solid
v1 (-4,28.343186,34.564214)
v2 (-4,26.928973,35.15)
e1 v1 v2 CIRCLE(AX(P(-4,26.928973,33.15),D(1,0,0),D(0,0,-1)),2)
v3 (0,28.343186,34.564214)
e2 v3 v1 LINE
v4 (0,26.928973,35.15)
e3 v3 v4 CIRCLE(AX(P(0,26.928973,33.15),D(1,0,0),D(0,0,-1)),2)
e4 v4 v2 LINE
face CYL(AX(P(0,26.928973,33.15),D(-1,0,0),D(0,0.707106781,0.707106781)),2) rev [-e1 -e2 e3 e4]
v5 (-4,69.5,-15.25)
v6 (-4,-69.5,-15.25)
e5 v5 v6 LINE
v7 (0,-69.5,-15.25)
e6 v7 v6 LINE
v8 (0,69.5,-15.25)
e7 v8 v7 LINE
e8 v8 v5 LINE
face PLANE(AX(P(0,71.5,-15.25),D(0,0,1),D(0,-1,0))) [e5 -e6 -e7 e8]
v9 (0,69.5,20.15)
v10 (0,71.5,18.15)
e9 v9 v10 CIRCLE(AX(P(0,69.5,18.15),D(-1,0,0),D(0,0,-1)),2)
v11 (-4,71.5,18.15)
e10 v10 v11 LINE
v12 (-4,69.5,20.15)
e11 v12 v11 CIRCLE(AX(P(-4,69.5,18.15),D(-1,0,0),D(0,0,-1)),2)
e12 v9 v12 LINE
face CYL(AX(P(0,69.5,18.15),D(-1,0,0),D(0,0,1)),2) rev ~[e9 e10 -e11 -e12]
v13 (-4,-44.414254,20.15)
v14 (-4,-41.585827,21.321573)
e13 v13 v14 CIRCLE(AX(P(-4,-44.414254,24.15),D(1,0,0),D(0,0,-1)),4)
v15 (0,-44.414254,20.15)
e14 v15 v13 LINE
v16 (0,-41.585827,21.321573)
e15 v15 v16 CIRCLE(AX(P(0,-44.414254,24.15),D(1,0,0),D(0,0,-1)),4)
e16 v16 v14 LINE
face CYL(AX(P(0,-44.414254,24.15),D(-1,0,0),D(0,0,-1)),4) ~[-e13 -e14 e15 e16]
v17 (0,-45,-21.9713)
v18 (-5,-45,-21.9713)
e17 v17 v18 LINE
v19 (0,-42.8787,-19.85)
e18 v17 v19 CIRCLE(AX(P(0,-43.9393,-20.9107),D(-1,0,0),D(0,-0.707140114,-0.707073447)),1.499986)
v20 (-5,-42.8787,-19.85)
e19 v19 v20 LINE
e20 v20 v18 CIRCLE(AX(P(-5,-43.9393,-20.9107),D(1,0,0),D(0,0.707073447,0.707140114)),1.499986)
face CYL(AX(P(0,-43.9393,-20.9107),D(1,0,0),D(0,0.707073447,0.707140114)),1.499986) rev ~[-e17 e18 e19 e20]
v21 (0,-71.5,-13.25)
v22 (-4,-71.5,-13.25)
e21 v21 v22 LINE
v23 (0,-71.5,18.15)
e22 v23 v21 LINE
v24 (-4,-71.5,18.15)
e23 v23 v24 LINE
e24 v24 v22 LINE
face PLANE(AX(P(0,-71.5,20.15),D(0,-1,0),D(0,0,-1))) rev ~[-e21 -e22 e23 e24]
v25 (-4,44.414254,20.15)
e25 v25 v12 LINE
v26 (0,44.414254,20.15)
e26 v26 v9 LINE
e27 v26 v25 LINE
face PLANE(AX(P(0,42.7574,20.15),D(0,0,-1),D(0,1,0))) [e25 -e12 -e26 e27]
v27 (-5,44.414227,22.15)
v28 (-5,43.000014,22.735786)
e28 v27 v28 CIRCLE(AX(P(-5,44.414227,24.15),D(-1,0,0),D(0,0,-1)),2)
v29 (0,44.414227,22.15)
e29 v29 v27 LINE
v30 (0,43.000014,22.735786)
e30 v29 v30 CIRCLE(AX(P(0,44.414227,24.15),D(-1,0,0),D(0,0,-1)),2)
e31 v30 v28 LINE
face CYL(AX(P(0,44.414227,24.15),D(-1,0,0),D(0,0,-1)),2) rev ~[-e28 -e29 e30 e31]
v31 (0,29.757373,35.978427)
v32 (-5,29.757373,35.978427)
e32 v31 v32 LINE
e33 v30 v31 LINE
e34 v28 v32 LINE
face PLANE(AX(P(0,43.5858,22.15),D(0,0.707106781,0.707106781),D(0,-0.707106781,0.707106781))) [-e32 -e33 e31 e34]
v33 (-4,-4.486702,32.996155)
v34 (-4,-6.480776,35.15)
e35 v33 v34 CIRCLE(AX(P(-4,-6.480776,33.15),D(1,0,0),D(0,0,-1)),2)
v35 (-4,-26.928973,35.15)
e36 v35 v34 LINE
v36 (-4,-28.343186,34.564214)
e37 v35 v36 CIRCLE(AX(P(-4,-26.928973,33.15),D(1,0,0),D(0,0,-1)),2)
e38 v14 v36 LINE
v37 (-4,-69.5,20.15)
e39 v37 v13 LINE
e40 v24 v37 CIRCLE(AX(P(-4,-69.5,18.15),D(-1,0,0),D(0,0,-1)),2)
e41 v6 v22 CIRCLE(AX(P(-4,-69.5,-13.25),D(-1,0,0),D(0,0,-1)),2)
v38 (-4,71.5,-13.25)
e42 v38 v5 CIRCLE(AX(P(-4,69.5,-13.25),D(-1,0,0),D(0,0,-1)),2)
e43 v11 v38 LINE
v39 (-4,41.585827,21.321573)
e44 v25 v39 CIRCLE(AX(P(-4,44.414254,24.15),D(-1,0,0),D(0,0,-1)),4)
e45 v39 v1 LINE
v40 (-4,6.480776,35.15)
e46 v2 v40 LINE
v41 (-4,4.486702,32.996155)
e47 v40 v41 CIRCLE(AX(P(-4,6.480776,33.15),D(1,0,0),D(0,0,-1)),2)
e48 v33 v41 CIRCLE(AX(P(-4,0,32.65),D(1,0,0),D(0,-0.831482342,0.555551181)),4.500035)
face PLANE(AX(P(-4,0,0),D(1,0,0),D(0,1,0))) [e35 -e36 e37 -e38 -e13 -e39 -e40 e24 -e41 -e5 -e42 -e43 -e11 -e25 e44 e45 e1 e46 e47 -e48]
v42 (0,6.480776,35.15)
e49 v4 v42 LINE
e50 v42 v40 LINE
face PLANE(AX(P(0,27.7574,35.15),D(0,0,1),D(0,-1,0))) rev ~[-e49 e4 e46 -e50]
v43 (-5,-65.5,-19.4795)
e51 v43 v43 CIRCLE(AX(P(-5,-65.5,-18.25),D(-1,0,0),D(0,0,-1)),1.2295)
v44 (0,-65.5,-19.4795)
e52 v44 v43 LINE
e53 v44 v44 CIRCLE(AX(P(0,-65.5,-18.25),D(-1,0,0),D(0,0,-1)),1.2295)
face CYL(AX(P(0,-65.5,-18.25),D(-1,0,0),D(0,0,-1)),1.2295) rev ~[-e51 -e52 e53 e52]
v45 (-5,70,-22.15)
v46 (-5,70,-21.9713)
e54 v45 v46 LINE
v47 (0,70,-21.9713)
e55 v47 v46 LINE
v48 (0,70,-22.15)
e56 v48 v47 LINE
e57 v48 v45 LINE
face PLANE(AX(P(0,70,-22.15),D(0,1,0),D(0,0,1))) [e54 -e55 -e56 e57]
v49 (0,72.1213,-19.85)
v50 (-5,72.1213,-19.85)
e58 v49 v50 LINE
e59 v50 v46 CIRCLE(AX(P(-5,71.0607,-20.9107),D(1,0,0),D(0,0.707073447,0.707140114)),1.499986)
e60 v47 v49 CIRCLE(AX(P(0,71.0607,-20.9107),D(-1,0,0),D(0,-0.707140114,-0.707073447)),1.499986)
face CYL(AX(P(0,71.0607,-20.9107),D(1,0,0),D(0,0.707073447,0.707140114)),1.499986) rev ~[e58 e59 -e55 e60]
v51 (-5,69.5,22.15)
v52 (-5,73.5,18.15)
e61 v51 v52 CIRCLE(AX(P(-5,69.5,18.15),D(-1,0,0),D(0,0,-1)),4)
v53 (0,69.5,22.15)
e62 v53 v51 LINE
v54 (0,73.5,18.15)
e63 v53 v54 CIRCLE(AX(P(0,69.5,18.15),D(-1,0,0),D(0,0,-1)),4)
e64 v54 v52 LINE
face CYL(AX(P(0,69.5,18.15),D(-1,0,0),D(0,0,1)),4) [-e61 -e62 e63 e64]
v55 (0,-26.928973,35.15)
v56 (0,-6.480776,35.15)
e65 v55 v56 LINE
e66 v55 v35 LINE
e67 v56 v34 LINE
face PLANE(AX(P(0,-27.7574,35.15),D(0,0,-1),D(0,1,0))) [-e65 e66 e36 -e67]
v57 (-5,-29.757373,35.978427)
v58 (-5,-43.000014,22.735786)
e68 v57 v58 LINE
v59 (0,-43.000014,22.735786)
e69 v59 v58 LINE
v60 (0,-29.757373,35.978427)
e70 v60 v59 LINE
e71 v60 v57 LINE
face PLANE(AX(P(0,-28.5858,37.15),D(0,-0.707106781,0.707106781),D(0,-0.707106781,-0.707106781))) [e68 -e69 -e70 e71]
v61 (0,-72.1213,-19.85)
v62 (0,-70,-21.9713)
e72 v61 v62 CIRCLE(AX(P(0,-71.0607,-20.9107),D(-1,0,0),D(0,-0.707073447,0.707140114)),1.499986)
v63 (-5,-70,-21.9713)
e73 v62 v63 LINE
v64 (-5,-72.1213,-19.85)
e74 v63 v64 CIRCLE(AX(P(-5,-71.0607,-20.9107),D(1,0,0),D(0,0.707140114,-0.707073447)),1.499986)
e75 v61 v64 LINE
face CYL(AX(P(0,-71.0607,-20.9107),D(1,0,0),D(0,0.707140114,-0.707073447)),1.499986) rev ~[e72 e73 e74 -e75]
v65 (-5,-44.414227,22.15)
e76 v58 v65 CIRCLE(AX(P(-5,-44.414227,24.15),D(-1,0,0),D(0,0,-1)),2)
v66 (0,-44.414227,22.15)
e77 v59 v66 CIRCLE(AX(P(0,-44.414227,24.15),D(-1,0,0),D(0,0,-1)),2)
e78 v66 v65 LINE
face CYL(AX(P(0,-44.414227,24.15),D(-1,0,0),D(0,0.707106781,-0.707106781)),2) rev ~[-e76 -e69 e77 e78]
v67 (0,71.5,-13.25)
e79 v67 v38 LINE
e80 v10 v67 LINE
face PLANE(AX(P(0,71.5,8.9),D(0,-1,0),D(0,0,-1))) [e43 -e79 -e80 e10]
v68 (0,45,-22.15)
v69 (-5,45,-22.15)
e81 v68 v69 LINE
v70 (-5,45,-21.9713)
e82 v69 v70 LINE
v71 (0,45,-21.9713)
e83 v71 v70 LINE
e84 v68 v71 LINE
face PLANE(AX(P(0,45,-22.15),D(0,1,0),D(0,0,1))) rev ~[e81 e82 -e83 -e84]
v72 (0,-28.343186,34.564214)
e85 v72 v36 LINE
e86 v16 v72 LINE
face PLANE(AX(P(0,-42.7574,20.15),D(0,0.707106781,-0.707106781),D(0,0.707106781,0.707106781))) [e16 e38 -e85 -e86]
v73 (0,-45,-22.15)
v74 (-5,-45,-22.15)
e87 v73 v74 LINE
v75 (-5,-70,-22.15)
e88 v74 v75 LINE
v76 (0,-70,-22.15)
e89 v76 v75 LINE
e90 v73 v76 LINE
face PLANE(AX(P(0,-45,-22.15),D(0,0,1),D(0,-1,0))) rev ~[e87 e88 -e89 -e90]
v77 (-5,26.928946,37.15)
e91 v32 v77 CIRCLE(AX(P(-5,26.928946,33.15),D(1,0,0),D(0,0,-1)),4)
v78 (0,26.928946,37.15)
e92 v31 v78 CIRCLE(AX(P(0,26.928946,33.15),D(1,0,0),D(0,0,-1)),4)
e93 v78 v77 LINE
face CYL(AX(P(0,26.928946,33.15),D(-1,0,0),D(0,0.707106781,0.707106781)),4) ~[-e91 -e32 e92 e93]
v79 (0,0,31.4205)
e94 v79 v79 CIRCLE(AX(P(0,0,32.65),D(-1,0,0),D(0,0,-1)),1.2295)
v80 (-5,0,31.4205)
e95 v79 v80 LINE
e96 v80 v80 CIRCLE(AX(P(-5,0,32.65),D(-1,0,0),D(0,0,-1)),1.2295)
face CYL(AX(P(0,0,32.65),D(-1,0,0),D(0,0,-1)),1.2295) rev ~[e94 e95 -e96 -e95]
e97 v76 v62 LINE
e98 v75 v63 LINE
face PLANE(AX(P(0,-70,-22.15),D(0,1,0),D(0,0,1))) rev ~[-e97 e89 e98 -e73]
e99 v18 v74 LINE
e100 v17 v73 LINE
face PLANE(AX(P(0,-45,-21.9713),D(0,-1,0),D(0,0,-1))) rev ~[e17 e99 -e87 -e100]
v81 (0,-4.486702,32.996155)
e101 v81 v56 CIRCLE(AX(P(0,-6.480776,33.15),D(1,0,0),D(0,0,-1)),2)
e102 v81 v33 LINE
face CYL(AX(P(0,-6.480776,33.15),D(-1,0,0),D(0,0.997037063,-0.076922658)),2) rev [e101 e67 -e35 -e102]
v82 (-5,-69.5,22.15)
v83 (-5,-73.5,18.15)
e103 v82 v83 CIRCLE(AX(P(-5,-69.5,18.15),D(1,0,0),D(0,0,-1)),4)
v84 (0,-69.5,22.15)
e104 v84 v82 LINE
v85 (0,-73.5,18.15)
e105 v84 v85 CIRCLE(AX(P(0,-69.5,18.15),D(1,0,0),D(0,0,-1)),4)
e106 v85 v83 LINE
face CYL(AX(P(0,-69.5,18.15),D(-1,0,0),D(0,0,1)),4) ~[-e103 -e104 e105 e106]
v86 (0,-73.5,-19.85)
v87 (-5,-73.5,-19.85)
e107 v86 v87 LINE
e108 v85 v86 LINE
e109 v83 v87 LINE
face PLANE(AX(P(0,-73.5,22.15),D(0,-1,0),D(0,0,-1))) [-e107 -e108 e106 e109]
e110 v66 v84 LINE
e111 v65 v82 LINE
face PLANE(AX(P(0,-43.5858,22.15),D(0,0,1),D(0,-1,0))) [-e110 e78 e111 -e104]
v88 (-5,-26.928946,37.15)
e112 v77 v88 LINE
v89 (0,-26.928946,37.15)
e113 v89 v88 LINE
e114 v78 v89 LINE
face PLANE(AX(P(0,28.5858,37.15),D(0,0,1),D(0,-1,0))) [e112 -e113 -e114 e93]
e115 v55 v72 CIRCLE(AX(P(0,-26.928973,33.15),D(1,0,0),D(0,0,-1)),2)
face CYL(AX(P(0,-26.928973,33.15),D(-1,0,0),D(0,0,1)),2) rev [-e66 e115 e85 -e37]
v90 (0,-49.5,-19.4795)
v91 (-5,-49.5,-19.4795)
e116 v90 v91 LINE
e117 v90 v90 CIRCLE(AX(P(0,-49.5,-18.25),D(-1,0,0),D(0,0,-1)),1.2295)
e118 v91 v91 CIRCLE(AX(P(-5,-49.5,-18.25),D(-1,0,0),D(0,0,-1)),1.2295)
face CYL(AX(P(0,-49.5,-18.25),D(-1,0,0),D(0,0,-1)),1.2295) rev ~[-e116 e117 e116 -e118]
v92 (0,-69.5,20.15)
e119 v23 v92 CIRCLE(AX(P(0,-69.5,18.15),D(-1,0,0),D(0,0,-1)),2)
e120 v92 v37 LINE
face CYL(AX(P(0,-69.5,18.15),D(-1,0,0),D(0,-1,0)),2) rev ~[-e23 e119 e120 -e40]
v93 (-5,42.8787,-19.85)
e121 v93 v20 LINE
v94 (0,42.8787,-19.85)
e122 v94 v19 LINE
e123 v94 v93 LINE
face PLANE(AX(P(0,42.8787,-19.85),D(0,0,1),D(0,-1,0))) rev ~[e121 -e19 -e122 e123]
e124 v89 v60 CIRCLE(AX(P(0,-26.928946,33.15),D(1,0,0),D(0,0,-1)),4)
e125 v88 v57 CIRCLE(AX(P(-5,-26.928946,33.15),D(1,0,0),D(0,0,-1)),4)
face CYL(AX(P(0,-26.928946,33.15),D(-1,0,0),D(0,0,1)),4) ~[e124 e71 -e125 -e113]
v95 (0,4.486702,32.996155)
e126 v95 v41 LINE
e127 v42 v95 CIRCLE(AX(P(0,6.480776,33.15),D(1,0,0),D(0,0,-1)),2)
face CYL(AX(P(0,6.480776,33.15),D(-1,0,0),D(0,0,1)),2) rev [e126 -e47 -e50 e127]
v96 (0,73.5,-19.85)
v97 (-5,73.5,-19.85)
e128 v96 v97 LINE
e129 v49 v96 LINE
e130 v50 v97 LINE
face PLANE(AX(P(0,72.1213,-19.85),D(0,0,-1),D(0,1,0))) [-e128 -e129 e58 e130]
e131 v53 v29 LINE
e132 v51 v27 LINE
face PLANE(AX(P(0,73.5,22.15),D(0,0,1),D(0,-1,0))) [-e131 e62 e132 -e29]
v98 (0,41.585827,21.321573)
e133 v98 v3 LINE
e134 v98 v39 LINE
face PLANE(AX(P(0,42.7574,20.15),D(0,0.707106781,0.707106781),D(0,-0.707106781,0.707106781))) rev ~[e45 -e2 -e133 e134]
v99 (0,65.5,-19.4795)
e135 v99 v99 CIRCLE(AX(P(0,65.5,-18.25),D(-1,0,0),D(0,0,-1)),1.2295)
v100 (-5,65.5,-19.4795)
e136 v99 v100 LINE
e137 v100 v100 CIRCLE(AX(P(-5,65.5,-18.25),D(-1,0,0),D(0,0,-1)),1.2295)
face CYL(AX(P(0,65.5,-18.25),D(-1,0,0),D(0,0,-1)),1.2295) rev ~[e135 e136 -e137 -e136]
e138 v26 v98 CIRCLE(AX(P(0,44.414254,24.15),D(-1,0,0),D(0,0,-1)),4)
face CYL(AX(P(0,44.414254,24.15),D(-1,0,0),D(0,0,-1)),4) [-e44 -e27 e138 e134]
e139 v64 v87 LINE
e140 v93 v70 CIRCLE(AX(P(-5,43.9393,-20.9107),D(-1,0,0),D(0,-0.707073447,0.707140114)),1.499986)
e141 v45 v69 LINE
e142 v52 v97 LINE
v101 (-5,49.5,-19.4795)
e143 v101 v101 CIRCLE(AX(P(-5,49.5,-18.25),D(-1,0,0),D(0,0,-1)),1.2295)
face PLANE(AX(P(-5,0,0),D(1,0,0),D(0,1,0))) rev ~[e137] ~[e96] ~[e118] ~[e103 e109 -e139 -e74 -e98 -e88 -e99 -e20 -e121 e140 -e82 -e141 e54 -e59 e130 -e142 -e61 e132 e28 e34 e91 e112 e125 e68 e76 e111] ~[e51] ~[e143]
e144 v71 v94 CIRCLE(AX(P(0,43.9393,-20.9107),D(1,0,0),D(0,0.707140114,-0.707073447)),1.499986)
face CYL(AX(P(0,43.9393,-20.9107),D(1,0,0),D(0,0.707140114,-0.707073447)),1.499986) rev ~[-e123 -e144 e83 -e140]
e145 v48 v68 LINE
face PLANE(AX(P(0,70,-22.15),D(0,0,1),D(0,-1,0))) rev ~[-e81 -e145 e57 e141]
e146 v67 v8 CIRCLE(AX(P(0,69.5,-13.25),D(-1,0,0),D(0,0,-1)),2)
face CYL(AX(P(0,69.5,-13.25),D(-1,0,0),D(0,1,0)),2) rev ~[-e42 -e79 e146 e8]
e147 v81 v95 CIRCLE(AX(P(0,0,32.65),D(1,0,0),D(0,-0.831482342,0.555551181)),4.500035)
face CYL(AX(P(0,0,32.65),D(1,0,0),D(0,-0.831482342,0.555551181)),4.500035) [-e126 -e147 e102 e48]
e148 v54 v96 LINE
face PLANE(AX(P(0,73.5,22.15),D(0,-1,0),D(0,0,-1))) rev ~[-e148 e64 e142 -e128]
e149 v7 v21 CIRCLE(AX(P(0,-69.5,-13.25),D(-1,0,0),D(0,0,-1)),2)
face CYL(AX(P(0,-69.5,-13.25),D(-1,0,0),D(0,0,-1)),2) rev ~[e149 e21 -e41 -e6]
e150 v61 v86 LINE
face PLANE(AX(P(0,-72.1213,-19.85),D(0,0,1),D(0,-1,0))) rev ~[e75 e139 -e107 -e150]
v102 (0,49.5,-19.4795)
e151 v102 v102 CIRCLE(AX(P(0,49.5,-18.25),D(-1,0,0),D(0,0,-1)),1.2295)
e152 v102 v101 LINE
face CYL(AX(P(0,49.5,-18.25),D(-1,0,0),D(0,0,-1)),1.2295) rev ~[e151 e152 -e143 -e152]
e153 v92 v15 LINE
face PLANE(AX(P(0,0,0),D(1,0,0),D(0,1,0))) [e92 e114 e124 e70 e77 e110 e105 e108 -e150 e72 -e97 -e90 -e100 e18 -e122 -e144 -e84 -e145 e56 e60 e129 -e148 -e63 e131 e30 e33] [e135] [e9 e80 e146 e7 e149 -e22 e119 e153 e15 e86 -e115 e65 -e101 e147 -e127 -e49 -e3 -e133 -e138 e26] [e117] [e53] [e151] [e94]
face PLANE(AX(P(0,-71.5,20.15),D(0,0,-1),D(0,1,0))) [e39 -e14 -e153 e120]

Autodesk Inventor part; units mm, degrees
ref_plane "YZ Plane" through (0, 0, 0) normal (1, 0, 0) x (0, 1, 0)
ref_plane "XZ Plane" through (0, 0, 0) normal (0, 1, 0) x (-1, 0, 0)
ref_plane "XY Plane" through (0, 0, 0) normal (0, 0, 1) x (1, 0, 0)
sketch "Sketch1" plane through (0, 0, 0) normal (1, 0, 0) x (0, 1, 0)
  line L0 (-73.5, -22.15) -> (73.5, -22.15) construction
  line L1 (73.5, 22.15) -> (-73.5, 22.15) construction
  line L2 (-73.5, 22.15) -> (-73.5, -22.15) construction
  line L3 (-73.5, -22.15) -> (73.5, 22.15) construction
  line L4 (73.5, -22.15) -> (-73.5, 22.15) construction
  line L5 (-73.5, 0) -> (73.5, 0) construction
  line L6 (0, 22.15) -> (0, -22.15) construction
  line L7 (49.5, -18.25) -> (65.5, -18.25) construction
  line L8 (45, -22.15) -> (45, -14.25) construction
  line L9 (45, -14.25) -> (70, -14.25) construction
  line L10 (70, -14.25) -> (70, -22.15) construction
  line L11 (57.5, -14.25) -> (57.5, -22.15) construction
  line L12 (-49.5, -18.25) -> (-65.5, -18.25) construction
  line L13 (-45, -22.15) -> (-45, -14.25) construction
  line L14 (-45, -14.25) -> (-70, -14.25) construction
  line L15 (-70, -14.25) -> (-70, -22.15) construction
  line L16 (-57.5, -14.25) -> (-57.5, -22.15) construction
  line L17 (-73.5, 17.15) -> (69, 17.15) construction
  line L18 (45, -22.15) -> (45, -19.85)
  line L19 (45, -19.85) -> (-45, -19.85)
  line L20 (-45, -19.85) -> (-45, -22.15)
  line L21 (-70, -20.35) -> (70, -20.35) construction
  line L22 (73.5, 22.15) -> (73.5, -22.15) construction
  line L23 (70, -22.15) -> (70, -19.85)
  line L24 (70, -19.85) -> (73.5, -19.85)
  line L25 (-70, -22.15) -> (-70, -19.85)
  line L26 (-70, -19.85) -> (-73.5, -19.85)
  line L27 (71.5, 20.15) -> (71.5, 8.9)
  line L28 (71.5, -15.25) -> (-71.5, -15.25)
  line L29 (71.5, 20.15) -> (-71.5, 20.15) construction
  circle A0 centre (49.5, -18.25) radius 3 construction
  line L30 (71.5, 20.15) -> (71.5, -15.25)
  line L31 (-71.5, 20.15) -> (-71.5, -15.25)
  line L32 (73.5, 22.15) -> (73.5, -19.85)
  line L33 (-73.5, 22.15) -> (-73.5, -19.85)
  line L34 (70, -22.15) -> (45, -22.15)
  line L35 (-45, -22.15) -> (-70, -22.15)
  arc A1 (72.1213, -19.85) -> (70, -21.9713) centre (71.0607, -20.9107) ccw
  arc A2 (45, -21.9713) -> (42.8787, -19.85) centre (43.9393, -20.9107) ccw
  arc A3 (-70, -21.9713) -> (-72.1213, -19.85) centre (-71.0607, -20.9107) ccw
  arc A4 (-42.8787, -19.85) -> (-45, -21.9713) centre (-43.9393, -20.9107) ccw
  line L36 (73.5, 23.15) -> (-73.5, 23.15) construction
  line L37 (43.5858, 22.15) -> (28.5858, 37.15)
  line L38 (28.5858, 37.15) -> (-28.5858, 37.15)
  line L39 (-28.5858, 37.15) -> (-43.5858, 22.15)
  line L40 (-44, 23.15) -> (-29, 38.15) construction
  line L41 (-29, 38.15) -> (29, 38.15) construction
  line L42 (29, 38.15) -> (44, 23.15) construction
  line L43 (42.7574, 20.15) -> (27.7574, 35.15)
  line L44 (27.7574, 35.15) -> (3.7417, 35.15)
  arc A5 (-3.7417, 35.15) -> (3.7417, 35.15) centre (0, 32.65) ccw
  line L45 (-42.7574, 20.15) -> (-27.7574, 35.15)
  line L46 (-27.7574, 35.15) -> (-3.7417, 35.15)
  line L47 (-71.5, 20.15) -> (-42.7574, 20.15)
  line L48 (-43.5858, 22.15) -> (-73.5, 22.15)
  line L49 (42.7574, 20.15) -> (71.5, 20.15)
  line L50 (73.5, 22.15) -> (43.5858, 22.15)
  point P0 (0, 0)
  point P1 (-73.5, -22.15)
  point P2 (-45, -22.15)
  point P3 (-45, -22.15)
  point P4 (-73.5, -19.85)
  point P5 (-70, -22.15)
  point P6 (-72.1213, -19.85)
  point P7 (-70, -21.9713)
  point P8 (-45, -21.9713)
  point P9 (-42.8787, -19.85)
  point P10 (42.8787, -19.85)
  point P11 (45, -21.9713)
  point P12 (-45, -19.85)
  point P13 (45, -19.85)
  point P14 (-70, -19.85)
  point P15 (-63.7555, -20)
  point P16 (-39.2445, -20)
  point P17 (39.2445, -20)
  point P18 (63.7555, -20)
  point P19 (71.5, 8.9)
  dimension "d0" = 147
  dimension "d2" = 16
  dimension "d3" = 3.9
  dimension "d4" = 25
  dimension "d5" = 7.9
  dimension "d18" = 5
  dimension "d35" = 2.1
  dimension "d36" = 0.5
  dimension "d38" = 115
  dimension "d47" = 2
  dimension "d50" = 6
  dimension "d53" = 2
  dimension "d56" = 1.5
  dimension "d57" = 42.5
  dimension "d59" = 1
  dimension "d60" = 14
  dimension "d63" = 45
  dimension "d64" = 15
  dimension "d65" = 1
  dimension "d66" = 1
  dimension "d67" = 88
  dimension "d68" = 43.5
  dimension "d69" = 4.5
  dimension "d70" = 2
  dimension "d71" = 2
extrude "Extrusion1" add sketch "Sketch1" against normal blind 5 contours L18 A2 L19 A4 L20 L35 L25 A3 L26 L33 L48 L39 L38 L37 L50 L32 L24 A1 L23 L34 | L27 L30 L28 L31 L47 L45 L46 A5 L44 L43 L49
extrude "Extrusion2" cut sketch "Sketch1" against normal blind 4 contours L27 L30 L28 L31 L47 L45 L46 A5 L44 L43 L49
hole "M3" at (0, 49.5, -18.25) at (0, 65.5, -18.25) at (0, -65.5, -18.25) at (0, -49.5, -18.25) at (0, 0, 32.65) direction (-1, 0, 0) diameter 2.459 end through all thread size "M3x0.5" class "6H" standard "ANSI Metric M Profile"
fillet "R2" radius 2 10 edges at (-2, 71.5, -15.25) (-2, -71.5, -15.25) (-2, -71.5, 20.15) (-2.5, -43.5858, 22.15) (-2.5, 43.5858, 22.15) (-2, -27.7574, 35.15) (-2, -3.7417, 35.15) (-2, 3.7417, 35.15) (-2, 27.7574, 35.15) (-2, 71.5, 20.15)
fillet "R4" radius 4 6 edges at (-2.5, 73.5, 22.15) (-2.5, -28.5858, 37.15) (-2.5, 28.5858, 37.15) (-2.5, -73.5, 22.15) (-2, -42.7574, 20.15) (-2, 42.7574, 20.15)
properties part number "TorsoPelvisCoverFrame" material "Acetal Resin, Black"
